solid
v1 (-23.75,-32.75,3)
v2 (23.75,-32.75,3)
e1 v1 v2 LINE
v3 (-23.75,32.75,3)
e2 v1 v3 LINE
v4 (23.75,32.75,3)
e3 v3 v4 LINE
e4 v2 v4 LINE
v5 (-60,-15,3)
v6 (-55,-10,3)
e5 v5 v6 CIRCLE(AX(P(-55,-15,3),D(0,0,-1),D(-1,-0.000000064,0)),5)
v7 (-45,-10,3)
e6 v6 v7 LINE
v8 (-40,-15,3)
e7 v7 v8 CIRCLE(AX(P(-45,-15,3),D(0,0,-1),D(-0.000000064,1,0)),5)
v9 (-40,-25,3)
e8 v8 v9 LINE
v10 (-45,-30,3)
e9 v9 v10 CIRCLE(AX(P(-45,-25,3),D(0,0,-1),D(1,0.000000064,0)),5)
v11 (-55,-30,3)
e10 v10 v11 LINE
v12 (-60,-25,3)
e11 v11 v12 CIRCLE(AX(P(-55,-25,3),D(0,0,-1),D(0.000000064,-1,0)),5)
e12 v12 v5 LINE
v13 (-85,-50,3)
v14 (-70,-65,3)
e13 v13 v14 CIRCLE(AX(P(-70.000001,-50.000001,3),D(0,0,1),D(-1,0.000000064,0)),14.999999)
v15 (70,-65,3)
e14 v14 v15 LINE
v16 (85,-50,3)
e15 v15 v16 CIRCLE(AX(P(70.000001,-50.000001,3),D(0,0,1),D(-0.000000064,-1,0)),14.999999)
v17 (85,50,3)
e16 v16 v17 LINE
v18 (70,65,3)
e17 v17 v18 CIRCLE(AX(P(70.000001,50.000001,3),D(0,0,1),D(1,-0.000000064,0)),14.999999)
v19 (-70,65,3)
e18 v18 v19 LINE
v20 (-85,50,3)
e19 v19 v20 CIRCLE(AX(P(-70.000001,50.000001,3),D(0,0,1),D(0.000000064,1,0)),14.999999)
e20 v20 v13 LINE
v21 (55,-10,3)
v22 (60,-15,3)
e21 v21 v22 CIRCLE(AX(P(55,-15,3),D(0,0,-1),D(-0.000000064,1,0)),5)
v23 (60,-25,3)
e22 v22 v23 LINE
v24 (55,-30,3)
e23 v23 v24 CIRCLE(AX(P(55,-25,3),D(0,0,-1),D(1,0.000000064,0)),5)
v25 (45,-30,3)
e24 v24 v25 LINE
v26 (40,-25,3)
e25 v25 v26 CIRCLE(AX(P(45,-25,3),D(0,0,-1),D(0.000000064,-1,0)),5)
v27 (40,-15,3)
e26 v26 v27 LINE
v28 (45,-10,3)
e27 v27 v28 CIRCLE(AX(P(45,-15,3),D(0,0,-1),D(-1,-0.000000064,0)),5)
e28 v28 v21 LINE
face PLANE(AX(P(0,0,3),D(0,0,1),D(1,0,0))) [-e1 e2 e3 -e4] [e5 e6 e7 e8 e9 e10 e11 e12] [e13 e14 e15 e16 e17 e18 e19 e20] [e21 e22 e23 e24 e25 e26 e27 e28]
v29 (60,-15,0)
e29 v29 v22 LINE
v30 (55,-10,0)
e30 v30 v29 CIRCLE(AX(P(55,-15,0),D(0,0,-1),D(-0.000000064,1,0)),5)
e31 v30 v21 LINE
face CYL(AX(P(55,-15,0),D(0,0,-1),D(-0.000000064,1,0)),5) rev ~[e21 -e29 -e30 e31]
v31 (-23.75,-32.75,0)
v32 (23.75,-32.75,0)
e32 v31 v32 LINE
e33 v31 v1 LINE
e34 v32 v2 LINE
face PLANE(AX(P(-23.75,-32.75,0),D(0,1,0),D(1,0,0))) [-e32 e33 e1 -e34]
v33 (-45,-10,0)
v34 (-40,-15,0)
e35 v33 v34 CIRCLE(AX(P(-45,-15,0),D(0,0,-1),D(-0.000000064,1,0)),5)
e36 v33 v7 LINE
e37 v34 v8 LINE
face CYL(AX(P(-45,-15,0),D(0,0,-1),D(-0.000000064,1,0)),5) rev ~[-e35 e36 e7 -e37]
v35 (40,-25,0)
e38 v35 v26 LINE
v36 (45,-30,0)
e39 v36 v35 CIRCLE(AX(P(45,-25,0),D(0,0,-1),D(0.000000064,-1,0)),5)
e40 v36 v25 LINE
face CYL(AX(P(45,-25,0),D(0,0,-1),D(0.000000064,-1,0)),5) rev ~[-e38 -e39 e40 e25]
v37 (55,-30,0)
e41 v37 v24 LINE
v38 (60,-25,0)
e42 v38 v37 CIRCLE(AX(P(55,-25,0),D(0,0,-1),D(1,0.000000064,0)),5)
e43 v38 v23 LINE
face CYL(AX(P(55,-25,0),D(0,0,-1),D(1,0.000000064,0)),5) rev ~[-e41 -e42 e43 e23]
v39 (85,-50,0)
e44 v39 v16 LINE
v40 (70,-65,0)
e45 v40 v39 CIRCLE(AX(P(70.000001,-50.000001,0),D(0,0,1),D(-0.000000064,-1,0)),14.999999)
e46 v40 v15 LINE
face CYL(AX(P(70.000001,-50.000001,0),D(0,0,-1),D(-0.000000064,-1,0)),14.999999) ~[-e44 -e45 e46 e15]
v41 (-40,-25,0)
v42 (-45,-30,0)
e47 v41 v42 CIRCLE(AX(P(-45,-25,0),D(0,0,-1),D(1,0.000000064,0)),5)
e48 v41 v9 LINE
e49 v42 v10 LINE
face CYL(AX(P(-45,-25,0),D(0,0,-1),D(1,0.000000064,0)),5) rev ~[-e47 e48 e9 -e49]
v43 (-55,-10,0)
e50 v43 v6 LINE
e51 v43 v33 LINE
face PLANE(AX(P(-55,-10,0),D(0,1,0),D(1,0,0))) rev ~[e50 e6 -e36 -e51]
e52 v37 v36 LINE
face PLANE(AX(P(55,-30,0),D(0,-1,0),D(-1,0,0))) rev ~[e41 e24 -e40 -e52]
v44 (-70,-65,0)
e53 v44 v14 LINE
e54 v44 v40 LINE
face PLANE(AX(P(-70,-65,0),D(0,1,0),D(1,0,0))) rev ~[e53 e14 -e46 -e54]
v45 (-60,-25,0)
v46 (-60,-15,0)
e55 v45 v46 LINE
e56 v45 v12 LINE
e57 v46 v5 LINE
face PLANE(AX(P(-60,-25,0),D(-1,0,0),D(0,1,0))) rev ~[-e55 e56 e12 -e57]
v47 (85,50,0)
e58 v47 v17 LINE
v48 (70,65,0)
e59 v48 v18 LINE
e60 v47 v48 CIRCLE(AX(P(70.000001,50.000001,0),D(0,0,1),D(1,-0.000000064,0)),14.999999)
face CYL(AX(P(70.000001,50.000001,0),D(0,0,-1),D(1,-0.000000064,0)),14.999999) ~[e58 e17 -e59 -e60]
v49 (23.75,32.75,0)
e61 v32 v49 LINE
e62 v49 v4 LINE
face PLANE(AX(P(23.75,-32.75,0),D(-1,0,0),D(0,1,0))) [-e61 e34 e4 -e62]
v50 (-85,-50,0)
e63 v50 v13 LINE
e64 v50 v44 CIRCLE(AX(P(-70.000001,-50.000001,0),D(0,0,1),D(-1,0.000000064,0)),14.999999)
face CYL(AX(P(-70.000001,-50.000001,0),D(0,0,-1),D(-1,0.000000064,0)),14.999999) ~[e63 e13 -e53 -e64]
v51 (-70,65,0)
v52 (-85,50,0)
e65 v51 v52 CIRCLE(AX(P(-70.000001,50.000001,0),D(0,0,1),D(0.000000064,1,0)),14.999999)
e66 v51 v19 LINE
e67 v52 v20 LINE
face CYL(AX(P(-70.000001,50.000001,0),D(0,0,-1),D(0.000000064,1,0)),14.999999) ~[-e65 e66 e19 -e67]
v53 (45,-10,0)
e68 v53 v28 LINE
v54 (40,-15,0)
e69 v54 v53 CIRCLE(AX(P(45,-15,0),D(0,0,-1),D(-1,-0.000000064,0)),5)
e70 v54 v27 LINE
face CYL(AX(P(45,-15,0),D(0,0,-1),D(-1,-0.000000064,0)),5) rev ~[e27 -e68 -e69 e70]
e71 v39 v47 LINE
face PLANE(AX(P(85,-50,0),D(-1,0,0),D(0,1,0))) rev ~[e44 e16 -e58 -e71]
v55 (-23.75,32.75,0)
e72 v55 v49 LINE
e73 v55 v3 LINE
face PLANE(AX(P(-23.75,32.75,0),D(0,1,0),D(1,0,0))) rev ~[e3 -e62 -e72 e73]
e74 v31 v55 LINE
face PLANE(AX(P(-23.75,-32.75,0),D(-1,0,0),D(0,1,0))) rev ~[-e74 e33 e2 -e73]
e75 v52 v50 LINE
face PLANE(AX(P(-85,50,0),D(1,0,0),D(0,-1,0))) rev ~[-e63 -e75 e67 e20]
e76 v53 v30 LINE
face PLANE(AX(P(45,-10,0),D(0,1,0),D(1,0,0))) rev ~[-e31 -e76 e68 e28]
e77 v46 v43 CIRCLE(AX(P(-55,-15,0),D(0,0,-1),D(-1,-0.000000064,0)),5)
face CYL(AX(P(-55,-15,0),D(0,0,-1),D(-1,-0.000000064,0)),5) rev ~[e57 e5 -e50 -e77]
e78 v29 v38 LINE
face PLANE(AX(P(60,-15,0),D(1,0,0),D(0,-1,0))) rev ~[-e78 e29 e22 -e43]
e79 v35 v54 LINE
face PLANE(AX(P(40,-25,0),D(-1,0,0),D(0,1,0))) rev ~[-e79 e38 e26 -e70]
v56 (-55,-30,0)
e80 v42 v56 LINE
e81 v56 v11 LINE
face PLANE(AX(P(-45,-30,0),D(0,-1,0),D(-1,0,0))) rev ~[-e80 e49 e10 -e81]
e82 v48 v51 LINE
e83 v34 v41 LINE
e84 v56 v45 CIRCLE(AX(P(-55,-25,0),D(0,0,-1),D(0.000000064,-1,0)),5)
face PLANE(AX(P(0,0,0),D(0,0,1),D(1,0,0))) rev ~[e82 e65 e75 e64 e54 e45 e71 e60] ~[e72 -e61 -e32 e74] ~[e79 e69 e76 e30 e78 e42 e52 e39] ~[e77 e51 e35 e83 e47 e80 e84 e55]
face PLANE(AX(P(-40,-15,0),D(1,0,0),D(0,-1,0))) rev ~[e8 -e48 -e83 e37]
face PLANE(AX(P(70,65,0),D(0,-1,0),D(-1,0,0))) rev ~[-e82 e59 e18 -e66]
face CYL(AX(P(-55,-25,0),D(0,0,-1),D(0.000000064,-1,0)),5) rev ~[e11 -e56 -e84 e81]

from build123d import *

# Parameters (mm, degrees)
F0_W     = 47.5
F0_H     = 65.5
F1_DEPTH = 3


with BuildPart() as f1:
    # F0 (on Top) → F1 (new body)
    with BuildSketch(Plane.XY):
        with BuildLine():
            Line((70, 65), (-70, 65))
            ThreePointArc((-70, 65), (-80.606602, 60.606602), (-85, 50))
            Line((-85, 50), (-85, -50))
            ThreePointArc((-85, -50), (-80.606602, -60.606602), (-70, -65))
            Line((-70, -65), (70, -65))
            ThreePointArc((70, -65), (80.606602, -60.606602), (85, -50))
            Line((85, -50), (85, 50))
            ThreePointArc((85, 50), (80.606602, 60.606602), (70, 65))
        make_face()
        with BuildLine():
            ThreePointArc((-60, -15), (-58.535534, -11.464466), (-55, -10))
            Line((-55, -10), (-45, -10))
            ThreePointArc((-45, -10), (-41.464466, -11.464466), (-40, -15))
            Line((-40, -15), (-40, -25))
            ThreePointArc((-40, -25), (-41.464466, -28.535534), (-45, -30))
            Line((-45, -30), (-55, -30))
            ThreePointArc((-55, -30), (-58.535534, -28.535534), (-60, -25))
            Line((-60, -25), (-60, -15))
        make_face(mode=Mode.SUBTRACT)
        with BuildLine():
            Line((45, -10), (55, -10))
            ThreePointArc((55, -10), (58.535534, -11.464466), (60, -15))
            Line((60, -15), (60, -25))
            ThreePointArc((60, -25), (58.535534, -28.535534), (55, -30))
            Line((55, -30), (45, -30))
            ThreePointArc((45, -30), (41.464466, -28.535534), (40, -25))
            Line((40, -25), (40, -15))
            ThreePointArc((40, -15), (41.464466, -11.464466), (45, -10))
        make_face(mode=Mode.SUBTRACT)
        Rectangle(F0_W, F0_H, mode=Mode.SUBTRACT)
    extrude(amount=F1_DEPTH)


solid = f1.part
